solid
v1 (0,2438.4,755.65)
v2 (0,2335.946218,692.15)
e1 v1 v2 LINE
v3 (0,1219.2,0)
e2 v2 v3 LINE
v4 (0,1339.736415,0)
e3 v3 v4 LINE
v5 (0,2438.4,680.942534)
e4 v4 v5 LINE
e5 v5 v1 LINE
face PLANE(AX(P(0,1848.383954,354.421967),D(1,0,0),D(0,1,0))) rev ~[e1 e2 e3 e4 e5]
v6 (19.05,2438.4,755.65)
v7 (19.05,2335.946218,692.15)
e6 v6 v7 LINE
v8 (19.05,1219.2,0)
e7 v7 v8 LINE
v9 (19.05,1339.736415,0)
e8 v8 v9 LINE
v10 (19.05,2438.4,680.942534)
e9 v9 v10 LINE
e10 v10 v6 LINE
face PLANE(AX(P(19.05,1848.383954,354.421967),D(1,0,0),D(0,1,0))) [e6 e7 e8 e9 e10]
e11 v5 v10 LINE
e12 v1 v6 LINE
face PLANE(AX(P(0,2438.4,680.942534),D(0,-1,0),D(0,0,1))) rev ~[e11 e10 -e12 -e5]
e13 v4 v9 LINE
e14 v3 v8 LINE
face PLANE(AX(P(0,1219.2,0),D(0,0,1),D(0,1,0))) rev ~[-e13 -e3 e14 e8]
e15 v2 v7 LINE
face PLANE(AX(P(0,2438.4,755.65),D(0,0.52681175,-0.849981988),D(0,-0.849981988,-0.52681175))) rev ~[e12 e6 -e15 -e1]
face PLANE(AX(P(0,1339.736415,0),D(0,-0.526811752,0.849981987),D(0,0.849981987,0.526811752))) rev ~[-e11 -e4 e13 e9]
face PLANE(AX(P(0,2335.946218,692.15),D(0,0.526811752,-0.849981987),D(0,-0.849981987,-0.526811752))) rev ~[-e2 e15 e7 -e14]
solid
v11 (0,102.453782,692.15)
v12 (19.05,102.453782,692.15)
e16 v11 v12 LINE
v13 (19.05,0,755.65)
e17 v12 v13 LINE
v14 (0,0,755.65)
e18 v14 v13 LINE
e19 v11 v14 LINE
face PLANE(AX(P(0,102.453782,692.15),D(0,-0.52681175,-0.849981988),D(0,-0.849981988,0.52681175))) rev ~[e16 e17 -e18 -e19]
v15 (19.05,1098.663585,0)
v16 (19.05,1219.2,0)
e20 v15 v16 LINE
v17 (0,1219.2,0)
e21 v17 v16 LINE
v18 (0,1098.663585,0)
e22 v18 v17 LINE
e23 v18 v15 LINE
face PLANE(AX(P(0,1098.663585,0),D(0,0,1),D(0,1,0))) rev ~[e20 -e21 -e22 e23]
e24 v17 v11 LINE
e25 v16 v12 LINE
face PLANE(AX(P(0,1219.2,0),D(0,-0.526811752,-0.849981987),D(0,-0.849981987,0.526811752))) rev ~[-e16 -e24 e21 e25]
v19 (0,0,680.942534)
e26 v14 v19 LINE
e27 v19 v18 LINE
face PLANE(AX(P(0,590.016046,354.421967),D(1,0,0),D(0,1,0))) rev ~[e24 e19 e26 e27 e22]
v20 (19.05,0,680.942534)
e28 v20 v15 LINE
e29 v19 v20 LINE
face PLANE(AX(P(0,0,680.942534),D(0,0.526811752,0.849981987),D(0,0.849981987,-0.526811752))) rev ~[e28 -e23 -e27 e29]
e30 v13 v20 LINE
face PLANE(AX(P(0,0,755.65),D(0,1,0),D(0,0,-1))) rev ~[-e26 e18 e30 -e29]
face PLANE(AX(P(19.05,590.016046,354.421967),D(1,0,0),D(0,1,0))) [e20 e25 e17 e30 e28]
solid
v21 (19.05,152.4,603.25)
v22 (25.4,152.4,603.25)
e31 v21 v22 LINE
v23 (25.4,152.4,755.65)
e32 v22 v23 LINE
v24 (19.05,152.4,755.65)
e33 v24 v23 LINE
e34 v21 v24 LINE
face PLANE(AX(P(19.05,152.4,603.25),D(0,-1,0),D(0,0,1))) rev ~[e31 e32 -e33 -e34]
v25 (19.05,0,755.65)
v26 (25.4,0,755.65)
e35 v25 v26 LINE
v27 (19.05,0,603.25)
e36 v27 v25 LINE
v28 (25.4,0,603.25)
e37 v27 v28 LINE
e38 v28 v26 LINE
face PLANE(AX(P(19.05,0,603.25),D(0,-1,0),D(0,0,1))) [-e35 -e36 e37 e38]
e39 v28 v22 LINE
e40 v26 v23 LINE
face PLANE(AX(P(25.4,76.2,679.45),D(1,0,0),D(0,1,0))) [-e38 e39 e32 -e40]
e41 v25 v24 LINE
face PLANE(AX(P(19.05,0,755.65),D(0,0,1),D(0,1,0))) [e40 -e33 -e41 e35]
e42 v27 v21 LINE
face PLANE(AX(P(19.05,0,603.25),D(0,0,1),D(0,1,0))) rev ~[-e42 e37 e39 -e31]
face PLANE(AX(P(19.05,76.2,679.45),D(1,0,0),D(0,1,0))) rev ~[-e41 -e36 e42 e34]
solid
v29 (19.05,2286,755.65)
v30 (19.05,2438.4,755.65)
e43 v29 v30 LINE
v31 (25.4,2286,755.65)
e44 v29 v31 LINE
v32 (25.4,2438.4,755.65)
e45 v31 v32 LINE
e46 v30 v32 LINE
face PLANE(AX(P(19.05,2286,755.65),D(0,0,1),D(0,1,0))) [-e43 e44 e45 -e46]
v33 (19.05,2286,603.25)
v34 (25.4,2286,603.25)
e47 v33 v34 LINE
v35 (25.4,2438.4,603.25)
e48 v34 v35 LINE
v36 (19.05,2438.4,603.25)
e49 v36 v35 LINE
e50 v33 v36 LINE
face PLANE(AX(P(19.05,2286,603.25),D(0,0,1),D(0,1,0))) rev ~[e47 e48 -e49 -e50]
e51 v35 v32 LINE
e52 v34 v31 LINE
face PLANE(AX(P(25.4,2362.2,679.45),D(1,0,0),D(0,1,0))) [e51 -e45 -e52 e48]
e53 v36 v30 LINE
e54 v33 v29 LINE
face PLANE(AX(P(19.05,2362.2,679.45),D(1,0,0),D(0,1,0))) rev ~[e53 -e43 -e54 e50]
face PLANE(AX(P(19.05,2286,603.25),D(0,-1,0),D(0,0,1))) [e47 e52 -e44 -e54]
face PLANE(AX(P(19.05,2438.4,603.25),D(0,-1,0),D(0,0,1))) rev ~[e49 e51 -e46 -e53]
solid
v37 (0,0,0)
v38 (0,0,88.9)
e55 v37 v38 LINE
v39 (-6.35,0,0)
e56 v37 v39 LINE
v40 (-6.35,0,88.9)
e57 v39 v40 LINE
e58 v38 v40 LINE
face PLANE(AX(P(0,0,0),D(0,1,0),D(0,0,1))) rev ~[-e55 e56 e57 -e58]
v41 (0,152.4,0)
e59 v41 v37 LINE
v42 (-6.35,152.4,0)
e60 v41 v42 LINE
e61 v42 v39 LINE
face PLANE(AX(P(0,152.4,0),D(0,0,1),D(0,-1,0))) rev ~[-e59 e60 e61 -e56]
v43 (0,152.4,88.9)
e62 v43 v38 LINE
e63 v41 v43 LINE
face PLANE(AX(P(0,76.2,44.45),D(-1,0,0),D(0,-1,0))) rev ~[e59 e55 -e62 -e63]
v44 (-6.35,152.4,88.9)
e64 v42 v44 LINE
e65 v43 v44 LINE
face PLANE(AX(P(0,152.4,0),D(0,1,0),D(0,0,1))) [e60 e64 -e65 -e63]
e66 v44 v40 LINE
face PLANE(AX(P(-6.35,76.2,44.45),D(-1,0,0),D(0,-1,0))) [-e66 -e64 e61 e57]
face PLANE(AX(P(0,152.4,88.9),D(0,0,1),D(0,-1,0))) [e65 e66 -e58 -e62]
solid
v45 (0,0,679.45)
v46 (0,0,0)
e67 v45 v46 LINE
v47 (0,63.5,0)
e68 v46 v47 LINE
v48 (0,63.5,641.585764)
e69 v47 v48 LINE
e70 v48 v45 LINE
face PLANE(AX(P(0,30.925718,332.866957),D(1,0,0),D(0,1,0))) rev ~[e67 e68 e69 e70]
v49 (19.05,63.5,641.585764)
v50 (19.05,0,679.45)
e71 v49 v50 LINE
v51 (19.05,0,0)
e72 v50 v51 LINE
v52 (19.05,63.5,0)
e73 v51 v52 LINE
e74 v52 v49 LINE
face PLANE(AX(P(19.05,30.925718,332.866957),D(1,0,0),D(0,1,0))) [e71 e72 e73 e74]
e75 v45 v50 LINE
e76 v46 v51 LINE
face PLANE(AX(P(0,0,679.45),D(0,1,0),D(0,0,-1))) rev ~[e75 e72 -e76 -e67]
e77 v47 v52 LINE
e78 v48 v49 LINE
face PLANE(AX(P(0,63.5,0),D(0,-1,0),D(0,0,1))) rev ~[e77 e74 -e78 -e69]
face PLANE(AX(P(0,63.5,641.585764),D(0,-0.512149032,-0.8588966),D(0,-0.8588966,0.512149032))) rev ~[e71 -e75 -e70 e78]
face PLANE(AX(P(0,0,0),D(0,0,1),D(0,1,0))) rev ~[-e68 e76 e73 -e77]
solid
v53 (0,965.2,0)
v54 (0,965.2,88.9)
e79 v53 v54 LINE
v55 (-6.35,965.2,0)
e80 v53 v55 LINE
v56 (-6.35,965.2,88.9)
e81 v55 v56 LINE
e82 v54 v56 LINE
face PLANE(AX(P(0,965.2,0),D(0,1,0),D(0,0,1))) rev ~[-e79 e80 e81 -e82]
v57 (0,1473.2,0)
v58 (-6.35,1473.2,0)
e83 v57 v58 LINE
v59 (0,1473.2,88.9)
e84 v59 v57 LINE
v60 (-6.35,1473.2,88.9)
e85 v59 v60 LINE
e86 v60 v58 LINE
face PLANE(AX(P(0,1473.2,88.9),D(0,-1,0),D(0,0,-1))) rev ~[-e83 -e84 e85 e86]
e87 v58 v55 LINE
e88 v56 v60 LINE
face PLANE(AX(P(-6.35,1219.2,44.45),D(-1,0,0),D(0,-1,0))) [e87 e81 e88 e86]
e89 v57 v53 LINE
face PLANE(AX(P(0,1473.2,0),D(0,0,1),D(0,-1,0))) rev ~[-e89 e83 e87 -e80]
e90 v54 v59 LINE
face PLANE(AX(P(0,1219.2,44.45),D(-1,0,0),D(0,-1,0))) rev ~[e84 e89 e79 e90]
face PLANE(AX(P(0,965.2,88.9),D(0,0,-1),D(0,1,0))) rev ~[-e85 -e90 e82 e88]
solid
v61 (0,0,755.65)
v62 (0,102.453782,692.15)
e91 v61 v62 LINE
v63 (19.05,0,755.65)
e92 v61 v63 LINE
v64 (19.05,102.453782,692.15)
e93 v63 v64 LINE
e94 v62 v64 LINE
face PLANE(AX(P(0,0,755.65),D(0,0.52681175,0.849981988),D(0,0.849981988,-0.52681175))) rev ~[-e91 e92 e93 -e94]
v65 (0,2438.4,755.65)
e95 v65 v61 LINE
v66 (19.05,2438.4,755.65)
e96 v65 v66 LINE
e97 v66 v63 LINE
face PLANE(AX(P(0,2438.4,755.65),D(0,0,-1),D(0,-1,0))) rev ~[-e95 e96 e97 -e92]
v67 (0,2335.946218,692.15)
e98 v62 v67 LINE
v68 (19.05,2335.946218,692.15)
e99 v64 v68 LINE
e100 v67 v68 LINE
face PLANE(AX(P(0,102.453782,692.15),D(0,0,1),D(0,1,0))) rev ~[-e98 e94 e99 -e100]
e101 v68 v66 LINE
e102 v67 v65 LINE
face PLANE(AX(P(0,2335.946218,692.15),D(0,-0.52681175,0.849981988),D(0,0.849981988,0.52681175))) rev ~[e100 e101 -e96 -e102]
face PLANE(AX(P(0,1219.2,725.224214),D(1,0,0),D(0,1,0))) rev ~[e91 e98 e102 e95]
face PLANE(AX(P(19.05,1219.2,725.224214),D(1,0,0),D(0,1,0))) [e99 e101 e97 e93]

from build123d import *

# Parameters (mm, degrees)
F1_DEPTH = 19.05
F2_DEPTH = 19.05
F3_W     = 152.4
F3_H     = 152.4
F4_DEPTH = 6.35
F5_W     = 152.4
F5_H     = 88.9
F6_DEPTH = 6.35
F8_DEPTH = 19.05


with BuildPart() as f1:
    # F0 (on Right) → F1 (new body)
    with BuildSketch(Plane.YZ):
        Polygon((2335.946218, 692.15), (1219.2, 0), (1339.736415, 0), (2438.4, 680.942534), (2438.4, 755.65), align=None)
        Polygon((102.453782, 692.15), (0, 755.65), (0, 680.942534), (1098.663585, 0), (1219.2, 0), align=None)
    extrude(amount=F1_DEPTH)


with BuildPart() as f2:
    # F0 (on Right) → F2 (new body)
    with BuildSketch(Plane.YZ):
        Polygon((1219.2, 755.65), (0, 755.65), (102.453782, 692.15), (1216.411535, 692.15), (1221.988465, 692.15), (2335.946218, 692.15), (2438.4, 755.65), align=None)
    extrude(amount=F2_DEPTH)


with BuildPart() as f4:
    # F3 (on face) → F4 (new body)
    with BuildSketch(Plane.YZ.offset(19.05)):
        with Locations((2362.2, 679.45)):
            Rectangle(F3_W, F3_H)
        with Locations((76.2, 679.45)):
            Rectangle(F3_W, F3_H)
    extrude(amount=F4_DEPTH)


with BuildPart() as f6:
    # F5 (on face) → F6 (new body)
    with BuildSketch(Plane(origin=(0, 0, 0), x_dir=(0, -1, 0), z_dir=(-1, 0, 0))):
        Polygon((-1473.2, 0), (-1219.2, 0), (-965.2, 0), (-965.2, 88.9), (-1219.2, 88.9), (-1473.2, 88.9), align=None)
        with Locations((-76.2, 44.45)):
            Rectangle(F5_W, F5_H)
    extrude(amount=F6_DEPTH)


with BuildPart() as f8:
    # F7 (on Right) → F8 (new body)
    with BuildSketch(Plane.YZ):
        Polygon((63.5, 641.585764), (0, 679.45), (0, 0), (63.5, 0), align=None)
    extrude(amount=F8_DEPTH)


solid = Compound([f1.part, f2.part, f4.part, f6.part, f8.part])
